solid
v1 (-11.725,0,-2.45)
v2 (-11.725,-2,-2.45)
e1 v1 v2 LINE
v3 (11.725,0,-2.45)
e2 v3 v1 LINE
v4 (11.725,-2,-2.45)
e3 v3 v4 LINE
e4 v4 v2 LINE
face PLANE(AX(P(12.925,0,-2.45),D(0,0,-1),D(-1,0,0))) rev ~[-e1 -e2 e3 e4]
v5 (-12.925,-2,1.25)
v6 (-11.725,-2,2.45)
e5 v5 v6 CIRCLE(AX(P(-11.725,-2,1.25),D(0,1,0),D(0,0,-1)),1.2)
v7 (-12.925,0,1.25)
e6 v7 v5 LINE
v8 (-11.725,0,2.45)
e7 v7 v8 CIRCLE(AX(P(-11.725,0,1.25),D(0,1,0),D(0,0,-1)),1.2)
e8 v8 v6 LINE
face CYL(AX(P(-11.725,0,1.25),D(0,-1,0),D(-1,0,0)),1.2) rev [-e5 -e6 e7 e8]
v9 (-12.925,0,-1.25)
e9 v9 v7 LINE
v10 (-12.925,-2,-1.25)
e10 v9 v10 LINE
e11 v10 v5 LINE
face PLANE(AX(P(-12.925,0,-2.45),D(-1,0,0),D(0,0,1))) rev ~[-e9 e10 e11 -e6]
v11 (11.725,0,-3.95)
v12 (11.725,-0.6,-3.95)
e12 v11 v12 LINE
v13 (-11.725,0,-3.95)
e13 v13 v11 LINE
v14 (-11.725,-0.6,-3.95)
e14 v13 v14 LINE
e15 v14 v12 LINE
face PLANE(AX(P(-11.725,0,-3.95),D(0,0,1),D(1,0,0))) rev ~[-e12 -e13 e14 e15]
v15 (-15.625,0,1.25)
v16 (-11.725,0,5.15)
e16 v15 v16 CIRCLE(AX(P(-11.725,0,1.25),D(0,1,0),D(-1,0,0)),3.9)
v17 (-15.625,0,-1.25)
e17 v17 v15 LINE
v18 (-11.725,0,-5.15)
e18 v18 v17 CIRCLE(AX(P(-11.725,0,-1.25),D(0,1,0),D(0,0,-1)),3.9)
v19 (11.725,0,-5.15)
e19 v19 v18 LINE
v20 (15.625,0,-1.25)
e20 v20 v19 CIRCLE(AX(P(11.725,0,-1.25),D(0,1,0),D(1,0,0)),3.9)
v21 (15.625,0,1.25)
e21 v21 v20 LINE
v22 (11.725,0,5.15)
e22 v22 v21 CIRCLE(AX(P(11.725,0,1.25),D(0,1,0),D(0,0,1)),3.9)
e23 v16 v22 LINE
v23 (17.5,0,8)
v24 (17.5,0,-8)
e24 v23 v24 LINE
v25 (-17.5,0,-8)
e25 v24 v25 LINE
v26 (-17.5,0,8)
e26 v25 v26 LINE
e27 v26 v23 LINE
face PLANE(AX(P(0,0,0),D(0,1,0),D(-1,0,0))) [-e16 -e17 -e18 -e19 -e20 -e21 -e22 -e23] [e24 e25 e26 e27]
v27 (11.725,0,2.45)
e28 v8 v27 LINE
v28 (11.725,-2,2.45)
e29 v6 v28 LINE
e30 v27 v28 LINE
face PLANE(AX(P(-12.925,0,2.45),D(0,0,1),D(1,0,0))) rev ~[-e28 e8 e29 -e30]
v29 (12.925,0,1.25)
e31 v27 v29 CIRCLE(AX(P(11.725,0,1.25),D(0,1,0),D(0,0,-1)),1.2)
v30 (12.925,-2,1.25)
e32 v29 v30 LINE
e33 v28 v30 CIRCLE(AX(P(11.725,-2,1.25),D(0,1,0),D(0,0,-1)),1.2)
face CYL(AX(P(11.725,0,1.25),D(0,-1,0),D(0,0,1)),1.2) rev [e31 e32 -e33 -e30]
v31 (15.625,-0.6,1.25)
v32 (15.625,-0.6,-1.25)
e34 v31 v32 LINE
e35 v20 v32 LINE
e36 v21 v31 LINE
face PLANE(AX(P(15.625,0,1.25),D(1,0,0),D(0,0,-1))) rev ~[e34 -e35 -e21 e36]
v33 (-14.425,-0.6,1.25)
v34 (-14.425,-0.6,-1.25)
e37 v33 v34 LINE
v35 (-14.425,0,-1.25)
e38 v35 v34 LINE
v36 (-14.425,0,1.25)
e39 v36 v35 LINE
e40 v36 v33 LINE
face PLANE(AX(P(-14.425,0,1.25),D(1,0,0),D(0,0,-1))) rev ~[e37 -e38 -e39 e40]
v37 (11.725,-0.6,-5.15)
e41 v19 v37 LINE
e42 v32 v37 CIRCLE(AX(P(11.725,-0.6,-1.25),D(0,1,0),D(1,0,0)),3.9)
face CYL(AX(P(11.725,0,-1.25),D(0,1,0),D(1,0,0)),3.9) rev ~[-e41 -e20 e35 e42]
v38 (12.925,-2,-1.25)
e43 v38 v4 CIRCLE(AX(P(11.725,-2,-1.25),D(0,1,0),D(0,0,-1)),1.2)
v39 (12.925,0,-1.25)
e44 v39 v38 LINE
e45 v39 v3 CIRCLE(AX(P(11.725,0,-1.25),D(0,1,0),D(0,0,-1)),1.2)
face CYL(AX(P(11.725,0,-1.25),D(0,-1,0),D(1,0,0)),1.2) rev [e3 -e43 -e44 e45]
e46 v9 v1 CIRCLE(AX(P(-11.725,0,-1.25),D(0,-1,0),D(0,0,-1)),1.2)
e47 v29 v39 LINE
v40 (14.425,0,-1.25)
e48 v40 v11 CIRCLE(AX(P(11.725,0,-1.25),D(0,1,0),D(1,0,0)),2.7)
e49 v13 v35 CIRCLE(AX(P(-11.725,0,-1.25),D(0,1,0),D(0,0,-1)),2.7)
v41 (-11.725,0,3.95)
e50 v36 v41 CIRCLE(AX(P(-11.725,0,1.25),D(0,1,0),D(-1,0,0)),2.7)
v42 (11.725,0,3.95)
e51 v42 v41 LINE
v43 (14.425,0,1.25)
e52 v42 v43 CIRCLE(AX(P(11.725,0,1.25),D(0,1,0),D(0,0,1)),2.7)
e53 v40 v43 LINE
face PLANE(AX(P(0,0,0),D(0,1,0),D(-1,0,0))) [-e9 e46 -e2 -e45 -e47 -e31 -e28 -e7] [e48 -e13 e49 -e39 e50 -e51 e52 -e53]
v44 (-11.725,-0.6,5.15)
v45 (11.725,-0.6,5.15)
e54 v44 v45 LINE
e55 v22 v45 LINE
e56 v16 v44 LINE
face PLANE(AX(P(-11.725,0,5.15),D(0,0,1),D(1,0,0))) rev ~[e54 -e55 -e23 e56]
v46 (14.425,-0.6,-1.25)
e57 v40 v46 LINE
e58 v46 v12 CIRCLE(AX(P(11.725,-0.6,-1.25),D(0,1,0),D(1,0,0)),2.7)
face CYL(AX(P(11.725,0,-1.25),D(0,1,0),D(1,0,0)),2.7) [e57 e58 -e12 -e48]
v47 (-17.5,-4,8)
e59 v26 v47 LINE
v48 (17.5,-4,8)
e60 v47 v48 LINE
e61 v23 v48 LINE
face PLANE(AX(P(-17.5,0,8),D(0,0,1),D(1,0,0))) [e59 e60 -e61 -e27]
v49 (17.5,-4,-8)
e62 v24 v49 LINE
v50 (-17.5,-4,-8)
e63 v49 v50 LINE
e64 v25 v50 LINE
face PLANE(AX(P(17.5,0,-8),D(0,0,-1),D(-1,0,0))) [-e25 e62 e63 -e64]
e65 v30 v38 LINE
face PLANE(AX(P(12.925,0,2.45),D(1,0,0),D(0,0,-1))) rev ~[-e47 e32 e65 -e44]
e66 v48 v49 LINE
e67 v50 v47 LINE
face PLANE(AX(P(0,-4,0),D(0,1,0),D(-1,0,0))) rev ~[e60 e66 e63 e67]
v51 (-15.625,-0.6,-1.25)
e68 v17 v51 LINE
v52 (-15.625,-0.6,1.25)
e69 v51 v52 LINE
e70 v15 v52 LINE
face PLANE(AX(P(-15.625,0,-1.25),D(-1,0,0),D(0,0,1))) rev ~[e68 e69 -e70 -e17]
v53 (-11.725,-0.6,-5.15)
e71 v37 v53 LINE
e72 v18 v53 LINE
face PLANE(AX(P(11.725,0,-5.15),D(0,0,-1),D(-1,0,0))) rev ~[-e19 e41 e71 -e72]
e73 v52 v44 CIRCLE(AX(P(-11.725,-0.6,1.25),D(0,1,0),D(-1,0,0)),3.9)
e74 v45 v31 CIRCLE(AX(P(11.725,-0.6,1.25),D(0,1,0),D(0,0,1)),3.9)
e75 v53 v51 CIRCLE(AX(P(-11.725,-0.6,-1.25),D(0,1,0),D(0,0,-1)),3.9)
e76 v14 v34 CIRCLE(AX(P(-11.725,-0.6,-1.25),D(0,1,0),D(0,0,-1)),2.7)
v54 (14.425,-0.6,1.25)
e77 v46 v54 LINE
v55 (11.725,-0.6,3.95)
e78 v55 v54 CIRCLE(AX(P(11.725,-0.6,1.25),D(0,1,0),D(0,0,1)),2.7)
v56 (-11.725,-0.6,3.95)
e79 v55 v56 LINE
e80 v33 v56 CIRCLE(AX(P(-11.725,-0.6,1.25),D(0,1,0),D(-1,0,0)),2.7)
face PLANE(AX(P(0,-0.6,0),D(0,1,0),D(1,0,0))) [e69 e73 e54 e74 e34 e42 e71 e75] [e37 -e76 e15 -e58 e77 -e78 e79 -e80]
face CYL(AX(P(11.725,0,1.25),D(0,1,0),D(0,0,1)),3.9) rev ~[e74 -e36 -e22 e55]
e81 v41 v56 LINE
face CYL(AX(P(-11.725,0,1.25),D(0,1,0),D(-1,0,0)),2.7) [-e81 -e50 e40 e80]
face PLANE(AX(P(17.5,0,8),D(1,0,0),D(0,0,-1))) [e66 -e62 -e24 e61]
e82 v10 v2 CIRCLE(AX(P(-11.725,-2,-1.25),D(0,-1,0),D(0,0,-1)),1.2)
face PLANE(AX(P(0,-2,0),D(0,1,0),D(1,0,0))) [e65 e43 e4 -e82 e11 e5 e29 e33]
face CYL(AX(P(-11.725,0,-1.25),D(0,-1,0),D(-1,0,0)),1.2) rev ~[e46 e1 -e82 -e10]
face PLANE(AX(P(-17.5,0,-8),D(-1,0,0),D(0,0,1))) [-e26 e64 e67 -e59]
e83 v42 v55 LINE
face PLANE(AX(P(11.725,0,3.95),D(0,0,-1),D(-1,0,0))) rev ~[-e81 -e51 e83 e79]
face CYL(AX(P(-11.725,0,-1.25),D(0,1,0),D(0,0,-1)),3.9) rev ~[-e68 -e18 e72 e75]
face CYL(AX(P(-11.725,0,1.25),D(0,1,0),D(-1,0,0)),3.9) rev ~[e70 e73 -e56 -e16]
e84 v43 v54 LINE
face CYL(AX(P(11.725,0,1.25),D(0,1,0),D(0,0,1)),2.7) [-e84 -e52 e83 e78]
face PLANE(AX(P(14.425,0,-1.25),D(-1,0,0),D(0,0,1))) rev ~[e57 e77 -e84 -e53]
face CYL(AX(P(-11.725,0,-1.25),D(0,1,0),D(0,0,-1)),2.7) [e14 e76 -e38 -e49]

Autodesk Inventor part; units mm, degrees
ref_plane "YZ Plane" through (0, 0, 0) normal (1, 0, 0) x (0, 1, 0)
ref_plane "XZ Plane" through (0, 0, 0) normal (0, 1, 0) x (-1, 0, 0)
ref_plane "XY Plane" through (0, 0, 0) normal (0, 0, 1) x (1, 0, 0)
sketch "Sketch1" plane through (0, 0, 0) normal (0, 1, 0) x (-1, 0, 0)
  line L0 (13.925, -3.65) -> (-13.925, -3.65)
  line L1 (-13.925, -3.65) -> (-13.925, 3.65)
  line L2 (-13.925, 3.65) -> (13.925, 3.65)
  line L3 (13.925, 3.65) -> (13.925, -3.65)
  line L4 (13.925, -3.65) -> (-13.925, 3.65) construction
  line L5 (-13.925, -3.65) -> (13.925, 3.65) construction
  line L6 (11.725, -1.25) -> (-11.725, -1.25)
  line L7 (-11.725, -1.25) -> (-11.725, 1.25)
  line L8 (-11.725, 1.25) -> (11.725, 1.25)
  line L9 (11.725, 1.25) -> (11.725, -1.25)
  line L10 (11.725, -1.25) -> (-11.725, 1.25) construction
  line L11 (-11.725, -1.25) -> (11.725, 1.25) construction
  line L12 (11.725, -1.25) -> (11.725, -3.65) construction
  line L13 (11.725, 1.25) -> (11.725, 3.65) construction
  line L14 (11.725, -1.25) -> (13.925, -1.25) construction
  line L15 (-11.725, -1.25) -> (-13.925, -1.25) construction
  point P0 (0, 0)
  point P1 (0, 0)
  point P2 (0, 0)
  point P3 (0, 0)
  dimension "d0" = 27.85
  dimension "d1" = 7.3
  dimension "d2" = 2.4
  dimension "d3" = 2.4
  dimension "d4" = 2.5
  dimension "d5" = 2.2
  dimension "d6" = 23.45
sketch "Sketch2" plane through (0, 0, 0) normal (0, 1, 0) x (-1, 0, 0)
  line L0 (17.5, 8) -> (-17.5, 8)
  line L1 (-17.5, 8) -> (-17.5, -8)
  line L2 (-17.5, -8) -> (17.5, -8)
  line L3 (17.5, -8) -> (17.5, 8)
  line L4 (17.5, 8) -> (-17.5, -8) construction
  point P0 (0, 0)
  point P1 (0, 0)
  dimension "d7" = 35
  dimension "d8" = 16
extrude "Extrusion1" add sketch "Sketch2" against normal blind 4
sketch "Sketch5" plane through (0, 0, 0) normal (0, 1, 0) x (1, 0, 0)
  line L0 (-12.925, -2.45) -> (12.925, -2.45)
  line L1 (12.925, -2.45) -> (12.925, 2.45)
  line L2 (12.925, 2.45) -> (-12.925, 2.45)
  line L3 (-12.925, 2.45) -> (-12.925, -2.45)
  line L4 (-12.925, -2.45) -> (12.925, 2.45) construction
  line L5 (11.725, -1.25) -> (-11.725, -1.25) construction
  line L6 (-11.725, 1.25) -> (11.725, 1.25) construction
  line L7 (24.5, 0) -> (-24.5, 0) construction
  line L8 (0, 11.2) -> (0, -11.2) construction
  point P0 (0, 0)
  point P1 (0, 0)
  dimension "d11" = 1.2
  dimension "d12" = 1.2
extrude "Extrusion2" cut sketch "Sketch5" against normal blind 2
fillet "Fillet1" radius 1.2 4 edges at (12.925, -1, 2.45) (-12.925, -1, 2.45) (-12.925, -1, -2.45) (12.925, -1, -2.45)
sketch "Sketch6" plane through (0, 0, 0) normal (0, 1, 0) x (1, 0, 0)
  arc A0 (12.925, 1.25) -> (11.725, 2.45) centre (11.725, 1.25) ccw projected
  line L0 (-11.725, 2.45) -> (11.725, 2.45) projected
  arc A1 (-11.725, 2.45) -> (-12.925, 1.25) centre (-11.725, 1.25) ccw projected
  line L1 (-12.925, -1.25) -> (-12.925, 1.25) projected
  arc A2 (-12.925, -1.25) -> (-11.725, -2.45) centre (-11.725, -1.25) ccw projected
  line L2 (11.725, -2.45) -> (-11.725, -2.45) projected
  arc A3 (11.725, -2.45) -> (12.925, -1.25) centre (11.725, -1.25) ccw projected
  line L3 (12.925, 1.25) -> (12.925, -1.25) projected
  arc A4 (14.425, 1.25) -> (11.725, 3.95) centre (11.725, 1.25) ccw
  line L4 (14.425, 1.25) -> (14.425, -1.25)
  arc A5 (11.725, -3.95) -> (14.425, -1.25) centre (11.725, -1.25) ccw
  line L5 (11.725, -3.95) -> (-11.725, -3.95)
  arc A6 (-14.425, -1.25) -> (-11.725, -3.95) centre (-11.725, -1.25) ccw
  line L6 (-14.425, -1.25) -> (-14.425, 1.25)
  arc A7 (-11.725, 3.95) -> (-14.425, 1.25) centre (-11.725, 1.25) ccw
  line L7 (-11.725, 3.95) -> (11.725, 3.95)
  line L8 (-15.625, 1.25) -> (-15.625, -1.25)
  arc A8 (-15.625, -1.25) -> (-11.725, -5.15) centre (-11.725, -1.25) ccw
  line L9 (-11.725, -5.15) -> (11.725, -5.15)
  arc A9 (11.725, -5.15) -> (15.625, -1.25) centre (11.725, -1.25) ccw
  line L10 (15.625, -1.25) -> (15.625, 1.25)
  arc A10 (15.625, 1.25) -> (11.725, 5.15) centre (11.725, 1.25) ccw
  line L11 (11.725, 5.15) -> (-11.725, 5.15)
  arc A11 (-11.725, 5.15) -> (-15.625, 1.25) centre (-11.725, 1.25) ccw
  point P0 (0, 0)
  dimension "d16" = 1.5
  dimension "d17" = 1.2
extrude "Extrusion3" cut sketch "Sketch6" against normal blind 0.6 contours A11 L11 A10 L10 A9 L9 A8 L8
sketch "Sketch7" plane through (0, 0, 0) normal (0, 1, 0) x (1, 0, 0)
  line L0 (-29.5, -10) -> (29.5, -10)
  line L1 (29.5, -10) -> (29.5, 10)
  line L2 (29.5, 10) -> (-29.5, 10)
  line L3 (-29.5, 10) -> (-29.5, -10)
  line L4 (-41.3, 0) -> (41.3, 0) construction
  line L5 (0, 14) -> (0, -14) construction
  line L6 (-17.5, 8) -> (-17.5, -8) construction
  line L7 (17.5, 8) -> (-17.5, 8) construction
  point P0 (0, 0)
  dimension "d20" = 12
  dimension "d21" = 2
equation "\"d12\" = d11"
properties part number "Capping_Insert"
